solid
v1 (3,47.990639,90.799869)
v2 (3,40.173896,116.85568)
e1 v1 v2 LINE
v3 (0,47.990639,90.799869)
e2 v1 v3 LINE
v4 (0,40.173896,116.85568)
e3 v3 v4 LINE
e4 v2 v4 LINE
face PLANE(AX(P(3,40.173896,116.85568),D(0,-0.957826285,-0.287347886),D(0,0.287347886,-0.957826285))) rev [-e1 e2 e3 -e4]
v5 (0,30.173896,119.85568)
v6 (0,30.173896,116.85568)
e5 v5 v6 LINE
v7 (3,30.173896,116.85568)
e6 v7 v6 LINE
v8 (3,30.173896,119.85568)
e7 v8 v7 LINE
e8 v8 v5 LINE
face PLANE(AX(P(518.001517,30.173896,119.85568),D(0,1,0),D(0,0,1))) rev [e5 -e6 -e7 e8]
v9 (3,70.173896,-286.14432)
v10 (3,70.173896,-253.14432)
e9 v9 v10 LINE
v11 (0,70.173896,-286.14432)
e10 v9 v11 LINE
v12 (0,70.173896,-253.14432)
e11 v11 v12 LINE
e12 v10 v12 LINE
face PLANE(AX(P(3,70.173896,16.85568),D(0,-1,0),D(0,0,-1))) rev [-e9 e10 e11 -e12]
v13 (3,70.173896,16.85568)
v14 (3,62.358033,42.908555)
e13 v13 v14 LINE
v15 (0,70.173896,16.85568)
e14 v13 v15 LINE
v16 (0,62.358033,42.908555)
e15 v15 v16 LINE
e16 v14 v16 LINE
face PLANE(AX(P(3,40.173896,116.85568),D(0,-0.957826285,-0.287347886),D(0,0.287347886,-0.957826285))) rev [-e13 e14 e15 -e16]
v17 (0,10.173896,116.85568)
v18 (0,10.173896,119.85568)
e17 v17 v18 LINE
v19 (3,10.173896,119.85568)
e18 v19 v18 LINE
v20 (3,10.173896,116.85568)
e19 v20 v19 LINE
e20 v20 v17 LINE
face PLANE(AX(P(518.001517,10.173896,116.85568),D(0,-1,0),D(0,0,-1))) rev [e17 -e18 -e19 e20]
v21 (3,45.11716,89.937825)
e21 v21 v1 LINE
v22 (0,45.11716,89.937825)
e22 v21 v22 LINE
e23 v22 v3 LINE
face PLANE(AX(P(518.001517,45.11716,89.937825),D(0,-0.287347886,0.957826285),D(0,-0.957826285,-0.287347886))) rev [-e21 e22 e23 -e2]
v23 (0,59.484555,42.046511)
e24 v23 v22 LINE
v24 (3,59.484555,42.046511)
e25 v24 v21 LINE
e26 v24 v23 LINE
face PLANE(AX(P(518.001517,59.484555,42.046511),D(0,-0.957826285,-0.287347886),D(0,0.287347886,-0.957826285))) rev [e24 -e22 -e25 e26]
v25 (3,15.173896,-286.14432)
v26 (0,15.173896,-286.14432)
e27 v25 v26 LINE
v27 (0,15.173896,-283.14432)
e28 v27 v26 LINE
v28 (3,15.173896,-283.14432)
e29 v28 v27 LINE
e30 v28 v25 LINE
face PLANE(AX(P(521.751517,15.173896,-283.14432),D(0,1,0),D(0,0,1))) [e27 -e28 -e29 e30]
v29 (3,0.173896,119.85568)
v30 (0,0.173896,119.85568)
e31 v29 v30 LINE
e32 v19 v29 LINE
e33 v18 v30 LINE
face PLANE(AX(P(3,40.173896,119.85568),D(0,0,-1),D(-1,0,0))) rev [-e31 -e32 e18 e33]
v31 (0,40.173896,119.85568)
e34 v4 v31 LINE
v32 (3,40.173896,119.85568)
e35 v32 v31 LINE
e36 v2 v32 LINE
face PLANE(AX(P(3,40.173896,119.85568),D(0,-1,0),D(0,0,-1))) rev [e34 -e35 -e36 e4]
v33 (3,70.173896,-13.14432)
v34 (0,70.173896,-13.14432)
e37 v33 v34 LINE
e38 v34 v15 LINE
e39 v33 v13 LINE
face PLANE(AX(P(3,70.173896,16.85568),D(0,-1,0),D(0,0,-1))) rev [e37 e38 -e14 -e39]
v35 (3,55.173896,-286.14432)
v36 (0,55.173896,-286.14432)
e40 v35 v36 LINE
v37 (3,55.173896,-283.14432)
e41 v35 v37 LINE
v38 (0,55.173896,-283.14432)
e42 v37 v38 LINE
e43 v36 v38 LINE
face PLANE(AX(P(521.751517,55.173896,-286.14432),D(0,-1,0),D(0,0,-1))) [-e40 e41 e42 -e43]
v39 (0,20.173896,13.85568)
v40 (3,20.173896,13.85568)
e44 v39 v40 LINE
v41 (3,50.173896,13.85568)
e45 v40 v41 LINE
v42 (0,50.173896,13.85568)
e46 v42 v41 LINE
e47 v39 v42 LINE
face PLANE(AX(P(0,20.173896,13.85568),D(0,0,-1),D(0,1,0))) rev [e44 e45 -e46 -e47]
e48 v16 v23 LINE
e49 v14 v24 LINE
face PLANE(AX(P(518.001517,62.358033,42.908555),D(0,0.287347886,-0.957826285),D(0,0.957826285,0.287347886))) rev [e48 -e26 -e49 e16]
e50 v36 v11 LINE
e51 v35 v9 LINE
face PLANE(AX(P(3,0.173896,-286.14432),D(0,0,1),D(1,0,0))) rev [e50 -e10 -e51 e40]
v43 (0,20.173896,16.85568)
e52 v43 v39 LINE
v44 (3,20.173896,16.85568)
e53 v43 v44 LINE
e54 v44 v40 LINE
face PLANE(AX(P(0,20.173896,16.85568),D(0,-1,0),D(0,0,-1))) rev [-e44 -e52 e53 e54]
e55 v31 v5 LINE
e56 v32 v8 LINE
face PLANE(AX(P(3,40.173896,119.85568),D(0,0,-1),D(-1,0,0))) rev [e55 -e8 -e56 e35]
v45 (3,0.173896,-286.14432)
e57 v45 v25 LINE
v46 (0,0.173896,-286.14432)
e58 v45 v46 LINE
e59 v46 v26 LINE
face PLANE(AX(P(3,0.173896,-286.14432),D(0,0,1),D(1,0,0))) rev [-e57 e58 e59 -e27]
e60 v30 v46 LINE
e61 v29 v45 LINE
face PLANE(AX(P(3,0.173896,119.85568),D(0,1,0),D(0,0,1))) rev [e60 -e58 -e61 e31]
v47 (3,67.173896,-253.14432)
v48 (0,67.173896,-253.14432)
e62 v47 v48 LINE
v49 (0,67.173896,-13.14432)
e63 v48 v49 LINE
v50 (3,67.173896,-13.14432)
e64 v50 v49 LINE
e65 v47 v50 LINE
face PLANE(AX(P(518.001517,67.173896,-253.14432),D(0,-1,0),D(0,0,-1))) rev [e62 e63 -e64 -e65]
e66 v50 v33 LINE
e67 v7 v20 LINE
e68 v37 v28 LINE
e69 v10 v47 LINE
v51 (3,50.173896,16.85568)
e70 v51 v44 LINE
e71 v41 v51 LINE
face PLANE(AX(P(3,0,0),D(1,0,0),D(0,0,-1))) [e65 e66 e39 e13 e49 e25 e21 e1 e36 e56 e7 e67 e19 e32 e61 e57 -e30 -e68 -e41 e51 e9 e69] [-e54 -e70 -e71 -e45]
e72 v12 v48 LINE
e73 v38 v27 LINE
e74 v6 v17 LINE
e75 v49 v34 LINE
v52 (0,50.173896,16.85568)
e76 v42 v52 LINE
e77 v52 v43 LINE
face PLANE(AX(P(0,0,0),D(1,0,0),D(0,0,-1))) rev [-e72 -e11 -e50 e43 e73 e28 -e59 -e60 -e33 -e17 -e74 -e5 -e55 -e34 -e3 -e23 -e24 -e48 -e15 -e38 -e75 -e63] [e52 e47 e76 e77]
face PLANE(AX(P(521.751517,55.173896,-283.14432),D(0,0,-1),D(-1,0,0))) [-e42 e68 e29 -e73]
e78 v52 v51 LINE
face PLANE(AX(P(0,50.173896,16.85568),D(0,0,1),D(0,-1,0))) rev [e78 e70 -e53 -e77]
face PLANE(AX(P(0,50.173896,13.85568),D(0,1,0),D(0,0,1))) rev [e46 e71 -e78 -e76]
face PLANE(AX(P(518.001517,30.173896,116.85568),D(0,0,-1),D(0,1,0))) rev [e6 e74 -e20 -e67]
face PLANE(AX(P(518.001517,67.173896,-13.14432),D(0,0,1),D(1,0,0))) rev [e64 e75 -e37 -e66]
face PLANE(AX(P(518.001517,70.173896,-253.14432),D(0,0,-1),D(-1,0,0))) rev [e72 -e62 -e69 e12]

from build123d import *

# Parameters (mm, degrees)
BOSS_EXTRUDE1_DEPTH      = 3
CUT_EXTRUDE2_DEPTH       = 295.638673234
CUT_EXTRUDE2_DEPTH_BACK  = 3
CUT_EXTRUDE6_DEPTH       = 295.638673234
CUT_EXTRUDE6_DEPTH_BACK  = 3
CUT_EXTRUDE11_DEPTH      = 295.638673234
CUT_EXTRUDE11_DEPTH_BACK = 3
CUT_EXTRUDE12_DEPTH      = 295.638673234
CUT_EXTRUDE12_DEPTH_BACK = 3
SKETCH9_W                = 3
SKETCH9_H                = 30
CUT_EXTRUDE13_DEPTH      = 3


with BuildPart() as part:
    # Sketch1 → Boss-Extrude1 (new body)
    with BuildSketch(Plane(origin=(0, 0, 0), x_dir=(0, 0, -1), z_dir=(1, 0, 0))):
        Polygon((286.144320394, 0.17389594), (286.144320394, 70.17389594), (-16.855679606, 70.17389594), (-116.855679606, 40.17389594), (-119.855679606, 40.17389594), (-119.855679606, 0.17389594), align=None)
    extrude(amount=BOSS_EXTRUDE1_DEPTH)

    # Sketch5 → Cut-Extrude2 (cut, two sides: drawn at the far end of the back side and taken through both)
    with BuildSketch(Plane(origin=(3, 0, 0), x_dir=(0, 0, -1), z_dir=(1, 0, 0)).offset(-CUT_EXTRUDE2_DEPTH_BACK)):
        Polygon((1115.56118622, 55.17389594), (286.144320394, 55.17389594), (283.144320394, 55.17389594), (283.144320394, 15.17389594), (286.144320394, 15.17389594), (1115.56118622, 15.17389594), (2774.394917872, 15.17389594), (2774.394917872, 55.17389594), align=None)
    extrude(amount=CUT_EXTRUDE2_DEPTH + CUT_EXTRUDE2_DEPTH_BACK, mode=Mode.SUBTRACT)

    # Sketch6 → Cut-Extrude6 (cut, two sides: drawn at the far end of the back side and taken through both)
    with BuildSketch(Plane(origin=(3, 0, 0), x_dir=(0, 0, -1), z_dir=(1, 0, 0)).offset(-CUT_EXTRUDE6_DEPTH_BACK)):
        Polygon((253.144320394, 839.196952243), (253.144320394, 70.17389594), (253.144320394, 67.17389594), (13.144320394, 67.17389594), (13.144320394, 70.17389594), (13.144320394, 839.196952243), (13.144320394, 2377.24306485), (253.144320394, 2377.24306485), align=None)
    extrude(amount=CUT_EXTRUDE6_DEPTH + CUT_EXTRUDE6_DEPTH_BACK, mode=Mode.SUBTRACT)

    # Sketch7 → Cut-Extrude11 (cut, two sides: drawn at the far end of the back side and taken through both)
    with BuildSketch(Plane(origin=(3, 0, 0), x_dir=(0, 0, -1), z_dir=(1, 0, 0)).offset(-CUT_EXTRUDE11_DEPTH_BACK)):
        Polygon((-264.146282978, 799.817128167), (-42.908554564, 62.358033452), (-42.046510907, 59.484554597), (-89.937825168, 45.117160318), (-90.799868825, 47.990639174), (-312.037597239, 785.449733889), (-754.513054068, 2260.367923318), (-706.621739807, 2274.735317597), align=None)
    extrude(amount=CUT_EXTRUDE11_DEPTH + CUT_EXTRUDE11_DEPTH_BACK, mode=Mode.SUBTRACT)

    # Sketch8 → Cut-Extrude12 (cut, two sides: drawn at the far end of the back side and taken through both)
    with BuildSketch(Plane(origin=(3, 0, 0), x_dir=(0, 0, -1), z_dir=(1, 0, 0)).offset(-CUT_EXTRUDE12_DEPTH_BACK)):
        Polygon((-950.674782697, 30.17389594), (-119.855679606, 30.17389594), (-116.855679606, 30.17389594), (-116.855679606, 10.17389594), (-119.855679606, 10.17389594), (-950.674782697, 10.17389594), (-2612.31298888, 10.17389594), (-2612.31298888, 30.17389594), align=None)
    extrude(amount=CUT_EXTRUDE12_DEPTH + CUT_EXTRUDE12_DEPTH_BACK, mode=Mode.SUBTRACT)

    # Sketch9 → Cut-Extrude13 (cut)
    with BuildSketch(Plane(origin=(3, 0, 0), x_dir=(0, 0, -1), z_dir=(1, 0, 0))):
        with Locations((-15.355679606, 35.17389594)):
            Rectangle(SKETCH9_W, SKETCH9_H)
    extrude(amount=-CUT_EXTRUDE13_DEPTH, mode=Mode.SUBTRACT)


solid = part.part
